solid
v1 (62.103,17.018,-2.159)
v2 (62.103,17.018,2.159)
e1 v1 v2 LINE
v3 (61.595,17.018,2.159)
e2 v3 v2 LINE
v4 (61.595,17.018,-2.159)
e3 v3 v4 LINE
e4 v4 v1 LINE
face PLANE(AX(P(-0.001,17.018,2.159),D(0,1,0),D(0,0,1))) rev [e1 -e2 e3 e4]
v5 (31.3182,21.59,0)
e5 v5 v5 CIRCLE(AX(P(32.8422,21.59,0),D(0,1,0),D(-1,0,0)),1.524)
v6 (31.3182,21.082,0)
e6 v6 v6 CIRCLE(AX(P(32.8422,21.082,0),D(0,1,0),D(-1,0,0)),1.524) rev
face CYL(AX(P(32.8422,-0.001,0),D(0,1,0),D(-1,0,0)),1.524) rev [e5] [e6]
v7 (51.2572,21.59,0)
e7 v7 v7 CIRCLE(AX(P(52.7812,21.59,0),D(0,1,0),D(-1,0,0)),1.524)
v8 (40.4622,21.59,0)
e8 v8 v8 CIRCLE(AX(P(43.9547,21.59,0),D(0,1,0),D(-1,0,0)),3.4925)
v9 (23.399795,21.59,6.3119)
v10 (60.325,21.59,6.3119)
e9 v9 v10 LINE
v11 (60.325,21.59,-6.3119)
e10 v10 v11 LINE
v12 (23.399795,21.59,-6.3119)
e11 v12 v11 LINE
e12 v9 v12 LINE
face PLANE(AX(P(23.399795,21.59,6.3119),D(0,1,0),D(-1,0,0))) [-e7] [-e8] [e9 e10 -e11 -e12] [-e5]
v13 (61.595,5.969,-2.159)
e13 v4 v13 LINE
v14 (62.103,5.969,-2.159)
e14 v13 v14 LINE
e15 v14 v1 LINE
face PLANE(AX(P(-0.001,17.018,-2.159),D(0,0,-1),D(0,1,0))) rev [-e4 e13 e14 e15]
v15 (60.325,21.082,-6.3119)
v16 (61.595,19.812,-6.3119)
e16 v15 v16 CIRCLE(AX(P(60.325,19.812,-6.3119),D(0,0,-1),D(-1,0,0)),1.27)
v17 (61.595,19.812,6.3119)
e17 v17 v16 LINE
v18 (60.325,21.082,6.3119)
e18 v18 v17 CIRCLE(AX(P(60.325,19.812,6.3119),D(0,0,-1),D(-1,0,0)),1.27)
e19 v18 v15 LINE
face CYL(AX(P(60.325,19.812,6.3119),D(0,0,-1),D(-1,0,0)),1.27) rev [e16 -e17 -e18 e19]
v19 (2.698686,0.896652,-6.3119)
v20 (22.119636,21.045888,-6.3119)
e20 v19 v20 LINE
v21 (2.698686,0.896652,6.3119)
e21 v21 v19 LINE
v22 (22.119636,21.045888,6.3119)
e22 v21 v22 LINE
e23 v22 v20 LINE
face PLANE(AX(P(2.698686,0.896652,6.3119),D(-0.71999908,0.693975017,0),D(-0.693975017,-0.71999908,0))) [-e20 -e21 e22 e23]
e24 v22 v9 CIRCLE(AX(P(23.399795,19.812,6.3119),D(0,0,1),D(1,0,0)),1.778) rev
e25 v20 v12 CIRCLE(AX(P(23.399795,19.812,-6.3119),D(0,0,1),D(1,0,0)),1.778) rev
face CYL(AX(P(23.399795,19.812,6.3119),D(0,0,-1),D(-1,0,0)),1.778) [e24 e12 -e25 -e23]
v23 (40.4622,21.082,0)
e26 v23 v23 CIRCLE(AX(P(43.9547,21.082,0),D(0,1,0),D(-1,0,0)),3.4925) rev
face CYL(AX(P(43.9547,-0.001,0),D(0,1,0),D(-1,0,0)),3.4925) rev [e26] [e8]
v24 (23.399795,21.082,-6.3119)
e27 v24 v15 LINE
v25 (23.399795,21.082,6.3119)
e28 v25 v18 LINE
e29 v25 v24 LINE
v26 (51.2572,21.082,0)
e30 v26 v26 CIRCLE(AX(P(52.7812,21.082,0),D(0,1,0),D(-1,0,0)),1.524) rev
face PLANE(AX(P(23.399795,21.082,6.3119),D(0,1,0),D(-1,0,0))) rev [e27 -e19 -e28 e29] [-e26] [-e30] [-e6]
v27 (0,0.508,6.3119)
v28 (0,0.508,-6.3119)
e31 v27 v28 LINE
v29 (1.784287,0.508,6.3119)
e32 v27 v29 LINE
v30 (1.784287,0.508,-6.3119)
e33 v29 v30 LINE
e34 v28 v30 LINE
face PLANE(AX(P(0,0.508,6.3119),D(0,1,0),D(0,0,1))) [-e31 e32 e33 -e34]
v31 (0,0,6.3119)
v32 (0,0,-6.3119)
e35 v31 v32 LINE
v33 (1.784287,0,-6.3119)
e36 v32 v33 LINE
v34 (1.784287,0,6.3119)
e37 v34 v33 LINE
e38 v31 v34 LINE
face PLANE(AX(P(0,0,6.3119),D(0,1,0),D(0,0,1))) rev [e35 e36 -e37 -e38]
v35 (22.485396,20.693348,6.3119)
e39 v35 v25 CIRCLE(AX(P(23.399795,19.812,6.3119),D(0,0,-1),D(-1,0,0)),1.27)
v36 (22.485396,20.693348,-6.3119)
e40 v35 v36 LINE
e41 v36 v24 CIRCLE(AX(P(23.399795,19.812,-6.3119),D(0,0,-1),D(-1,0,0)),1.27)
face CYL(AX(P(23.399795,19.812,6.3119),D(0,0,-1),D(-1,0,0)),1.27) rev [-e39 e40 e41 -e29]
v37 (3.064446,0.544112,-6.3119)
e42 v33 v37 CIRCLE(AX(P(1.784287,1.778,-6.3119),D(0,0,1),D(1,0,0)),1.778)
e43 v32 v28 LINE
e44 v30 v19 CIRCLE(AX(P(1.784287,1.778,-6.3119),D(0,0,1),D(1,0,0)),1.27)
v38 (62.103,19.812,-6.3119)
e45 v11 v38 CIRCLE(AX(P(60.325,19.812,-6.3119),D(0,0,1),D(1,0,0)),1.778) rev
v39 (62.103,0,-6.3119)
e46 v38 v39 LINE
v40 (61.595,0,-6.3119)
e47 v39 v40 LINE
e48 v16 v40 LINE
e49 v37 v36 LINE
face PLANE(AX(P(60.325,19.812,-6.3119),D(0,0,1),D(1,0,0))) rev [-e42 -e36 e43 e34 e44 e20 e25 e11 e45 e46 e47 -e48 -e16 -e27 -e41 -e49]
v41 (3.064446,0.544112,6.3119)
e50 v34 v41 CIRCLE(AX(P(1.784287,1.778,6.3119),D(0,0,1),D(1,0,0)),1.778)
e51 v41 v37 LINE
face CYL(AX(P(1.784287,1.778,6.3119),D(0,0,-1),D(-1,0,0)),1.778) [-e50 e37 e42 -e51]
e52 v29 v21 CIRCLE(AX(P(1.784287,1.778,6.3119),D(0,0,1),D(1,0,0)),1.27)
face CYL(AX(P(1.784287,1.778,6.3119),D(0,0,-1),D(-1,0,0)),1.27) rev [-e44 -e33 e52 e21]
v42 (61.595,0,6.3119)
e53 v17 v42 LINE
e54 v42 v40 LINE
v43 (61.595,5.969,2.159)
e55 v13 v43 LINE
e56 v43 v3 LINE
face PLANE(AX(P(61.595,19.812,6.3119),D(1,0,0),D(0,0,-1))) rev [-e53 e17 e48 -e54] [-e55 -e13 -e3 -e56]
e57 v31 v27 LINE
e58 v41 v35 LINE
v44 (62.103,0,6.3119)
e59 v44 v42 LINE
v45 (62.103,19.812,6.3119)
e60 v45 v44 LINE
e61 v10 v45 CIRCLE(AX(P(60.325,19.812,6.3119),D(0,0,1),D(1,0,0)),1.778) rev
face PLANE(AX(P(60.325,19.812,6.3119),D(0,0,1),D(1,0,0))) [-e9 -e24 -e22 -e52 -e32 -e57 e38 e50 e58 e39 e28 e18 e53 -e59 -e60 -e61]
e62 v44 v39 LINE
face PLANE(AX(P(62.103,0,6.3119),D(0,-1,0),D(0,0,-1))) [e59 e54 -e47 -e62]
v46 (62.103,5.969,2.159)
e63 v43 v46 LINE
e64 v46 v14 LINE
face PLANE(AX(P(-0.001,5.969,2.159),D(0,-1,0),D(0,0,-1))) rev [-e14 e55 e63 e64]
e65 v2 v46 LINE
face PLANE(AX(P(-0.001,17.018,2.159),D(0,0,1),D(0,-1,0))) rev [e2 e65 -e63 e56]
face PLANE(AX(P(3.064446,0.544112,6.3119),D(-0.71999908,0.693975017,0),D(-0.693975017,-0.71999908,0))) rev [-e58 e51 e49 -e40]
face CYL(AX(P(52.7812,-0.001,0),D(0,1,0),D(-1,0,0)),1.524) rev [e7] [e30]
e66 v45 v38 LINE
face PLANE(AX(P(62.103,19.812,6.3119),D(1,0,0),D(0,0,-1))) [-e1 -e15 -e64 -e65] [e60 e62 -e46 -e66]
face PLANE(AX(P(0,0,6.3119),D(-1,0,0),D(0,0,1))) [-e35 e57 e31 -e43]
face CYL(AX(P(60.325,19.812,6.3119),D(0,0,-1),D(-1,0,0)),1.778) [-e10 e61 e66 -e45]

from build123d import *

# Parameters (mm, degrees)
EXTRUDE_THIN1_DEPTH = 6.3119
CUT_EXTRUDE1_REACH  = 68.051
SKETCH2_W           = 4.318
SKETCH2_H           = 11.049
CUT_EXTRUDE2_REACH  = 68.051
SKETCH3_R           = 1.524
SKETCH3_R_2         = 3.4925


with BuildPart() as part:
    # Sketch1 → Extrude-Thin1 (new, symmetric)
    with BuildSketch(Plane.XY):
        with BuildLine():
            Line((0, 0), (1.784287341, 0))
            ThreePointArc((1.784287341, 0), (2.479784243, 0.141672386), (3.064445706, 0.54411242))
            Line((3.064445706, 0.54411242), (22.485395925, 20.693348272))
            ThreePointArc((22.485395925, 20.693348272), (22.903011255, 20.980805438), (23.399794757, 21.082))
            Line((23.399794757, 21.082), (60.325, 21.082))
            ThreePointArc((60.325, 21.082), (61.223025612, 20.710025612), (61.595, 19.812))
            Line((61.595, 19.812), (61.595, 0))
            Line((61.595, 0), (62.103, 0))
            Line((62.103, 0), (62.103, 19.812))
            ThreePointArc((62.103, 19.812), (61.582235857, 21.069235857), (60.325, 21.59))
            Line((60.325, 21.59), (23.399794757, 21.59))
            ThreePointArc((23.399794757, 21.59), (22.704297854, 21.448327614), (22.119636392, 21.04588758))
            Line((22.119636392, 21.04588758), (2.698686173, 0.896651728))
            ThreePointArc((2.698686173, 0.896651728), (2.281070842, 0.609194562), (1.784287341, 0.508))
            Line((1.784287341, 0.508), (0, 0.508))
            Line((0, 0.508), (0, 0))
        make_face()
    extrude(amount=EXTRUDE_THIN1_DEPTH, both=True)

    # Sketch2 → Cut-Extrude1 (cut, up to next)
    with BuildSketch(Plane(origin=(62.103, 0, 0), x_dir=(0, 0, -1), z_dir=(1, 0, 0)), mode=Mode.PRIVATE) as cut_extrude1_sk1:
        with Locations((0, 11.4935)):
            Rectangle(SKETCH2_W, SKETCH2_H)
    cut_extrude1_tool1 = extrude(cut_extrude1_sk1.sketch, amount=-CUT_EXTRUDE1_REACH, mode=Mode.PRIVATE) & part.part
    add(cut_extrude1_tool1.solids().sort_by_distance((62.103, 11.4935, 0))[0], mode=Mode.SUBTRACT)

    # Sketch3 → Cut-Extrude2 (cut, up to next)
    with BuildSketch(Plane(origin=(0, 21.59, 0), x_dir=(1, 0, 0), z_dir=(0, 1, 0)), mode=Mode.PRIVATE) as cut_extrude2_sk1:
        with Locations((52.7812, 0)):
            Circle(SKETCH3_R)
    cut_extrude2_tool1 = extrude(cut_extrude2_sk1.sketch, amount=-CUT_EXTRUDE2_REACH, mode=Mode.PRIVATE) & part.part
    # Sketch3 → Cut-Extrude2 (cut, up to next)
    with BuildSketch(Plane(origin=(0, 21.59, 0), x_dir=(1, 0, 0), z_dir=(0, 1, 0)), mode=Mode.PRIVATE) as cut_extrude2_sk2:
        with Locations((32.8422, 0)):
            Circle(SKETCH3_R)
    cut_extrude2_tool2 = extrude(cut_extrude2_sk2.sketch, amount=-CUT_EXTRUDE2_REACH, mode=Mode.PRIVATE) & part.part
    # Sketch3 → Cut-Extrude2 (cut, up to next)
    with BuildSketch(Plane(origin=(0, 21.59, 0), x_dir=(1, 0, 0), z_dir=(0, 1, 0)), mode=Mode.PRIVATE) as cut_extrude2_sk3:
        with Locations((43.9547, 0)):
            Circle(SKETCH3_R_2)
    cut_extrude2_tool3 = extrude(cut_extrude2_sk3.sketch, amount=-CUT_EXTRUDE2_REACH, mode=Mode.PRIVATE) & part.part
    add(cut_extrude2_tool1.solids().sort_by_distance((52.7812, 21.59, 0))[0], mode=Mode.SUBTRACT)
    add(cut_extrude2_tool2.solids().sort_by_distance((32.8422, 21.59, 0))[0], mode=Mode.SUBTRACT)
    add(cut_extrude2_tool3.solids().sort_by_distance((43.9547, 21.59, 0))[0], mode=Mode.SUBTRACT)


solid = part.part
